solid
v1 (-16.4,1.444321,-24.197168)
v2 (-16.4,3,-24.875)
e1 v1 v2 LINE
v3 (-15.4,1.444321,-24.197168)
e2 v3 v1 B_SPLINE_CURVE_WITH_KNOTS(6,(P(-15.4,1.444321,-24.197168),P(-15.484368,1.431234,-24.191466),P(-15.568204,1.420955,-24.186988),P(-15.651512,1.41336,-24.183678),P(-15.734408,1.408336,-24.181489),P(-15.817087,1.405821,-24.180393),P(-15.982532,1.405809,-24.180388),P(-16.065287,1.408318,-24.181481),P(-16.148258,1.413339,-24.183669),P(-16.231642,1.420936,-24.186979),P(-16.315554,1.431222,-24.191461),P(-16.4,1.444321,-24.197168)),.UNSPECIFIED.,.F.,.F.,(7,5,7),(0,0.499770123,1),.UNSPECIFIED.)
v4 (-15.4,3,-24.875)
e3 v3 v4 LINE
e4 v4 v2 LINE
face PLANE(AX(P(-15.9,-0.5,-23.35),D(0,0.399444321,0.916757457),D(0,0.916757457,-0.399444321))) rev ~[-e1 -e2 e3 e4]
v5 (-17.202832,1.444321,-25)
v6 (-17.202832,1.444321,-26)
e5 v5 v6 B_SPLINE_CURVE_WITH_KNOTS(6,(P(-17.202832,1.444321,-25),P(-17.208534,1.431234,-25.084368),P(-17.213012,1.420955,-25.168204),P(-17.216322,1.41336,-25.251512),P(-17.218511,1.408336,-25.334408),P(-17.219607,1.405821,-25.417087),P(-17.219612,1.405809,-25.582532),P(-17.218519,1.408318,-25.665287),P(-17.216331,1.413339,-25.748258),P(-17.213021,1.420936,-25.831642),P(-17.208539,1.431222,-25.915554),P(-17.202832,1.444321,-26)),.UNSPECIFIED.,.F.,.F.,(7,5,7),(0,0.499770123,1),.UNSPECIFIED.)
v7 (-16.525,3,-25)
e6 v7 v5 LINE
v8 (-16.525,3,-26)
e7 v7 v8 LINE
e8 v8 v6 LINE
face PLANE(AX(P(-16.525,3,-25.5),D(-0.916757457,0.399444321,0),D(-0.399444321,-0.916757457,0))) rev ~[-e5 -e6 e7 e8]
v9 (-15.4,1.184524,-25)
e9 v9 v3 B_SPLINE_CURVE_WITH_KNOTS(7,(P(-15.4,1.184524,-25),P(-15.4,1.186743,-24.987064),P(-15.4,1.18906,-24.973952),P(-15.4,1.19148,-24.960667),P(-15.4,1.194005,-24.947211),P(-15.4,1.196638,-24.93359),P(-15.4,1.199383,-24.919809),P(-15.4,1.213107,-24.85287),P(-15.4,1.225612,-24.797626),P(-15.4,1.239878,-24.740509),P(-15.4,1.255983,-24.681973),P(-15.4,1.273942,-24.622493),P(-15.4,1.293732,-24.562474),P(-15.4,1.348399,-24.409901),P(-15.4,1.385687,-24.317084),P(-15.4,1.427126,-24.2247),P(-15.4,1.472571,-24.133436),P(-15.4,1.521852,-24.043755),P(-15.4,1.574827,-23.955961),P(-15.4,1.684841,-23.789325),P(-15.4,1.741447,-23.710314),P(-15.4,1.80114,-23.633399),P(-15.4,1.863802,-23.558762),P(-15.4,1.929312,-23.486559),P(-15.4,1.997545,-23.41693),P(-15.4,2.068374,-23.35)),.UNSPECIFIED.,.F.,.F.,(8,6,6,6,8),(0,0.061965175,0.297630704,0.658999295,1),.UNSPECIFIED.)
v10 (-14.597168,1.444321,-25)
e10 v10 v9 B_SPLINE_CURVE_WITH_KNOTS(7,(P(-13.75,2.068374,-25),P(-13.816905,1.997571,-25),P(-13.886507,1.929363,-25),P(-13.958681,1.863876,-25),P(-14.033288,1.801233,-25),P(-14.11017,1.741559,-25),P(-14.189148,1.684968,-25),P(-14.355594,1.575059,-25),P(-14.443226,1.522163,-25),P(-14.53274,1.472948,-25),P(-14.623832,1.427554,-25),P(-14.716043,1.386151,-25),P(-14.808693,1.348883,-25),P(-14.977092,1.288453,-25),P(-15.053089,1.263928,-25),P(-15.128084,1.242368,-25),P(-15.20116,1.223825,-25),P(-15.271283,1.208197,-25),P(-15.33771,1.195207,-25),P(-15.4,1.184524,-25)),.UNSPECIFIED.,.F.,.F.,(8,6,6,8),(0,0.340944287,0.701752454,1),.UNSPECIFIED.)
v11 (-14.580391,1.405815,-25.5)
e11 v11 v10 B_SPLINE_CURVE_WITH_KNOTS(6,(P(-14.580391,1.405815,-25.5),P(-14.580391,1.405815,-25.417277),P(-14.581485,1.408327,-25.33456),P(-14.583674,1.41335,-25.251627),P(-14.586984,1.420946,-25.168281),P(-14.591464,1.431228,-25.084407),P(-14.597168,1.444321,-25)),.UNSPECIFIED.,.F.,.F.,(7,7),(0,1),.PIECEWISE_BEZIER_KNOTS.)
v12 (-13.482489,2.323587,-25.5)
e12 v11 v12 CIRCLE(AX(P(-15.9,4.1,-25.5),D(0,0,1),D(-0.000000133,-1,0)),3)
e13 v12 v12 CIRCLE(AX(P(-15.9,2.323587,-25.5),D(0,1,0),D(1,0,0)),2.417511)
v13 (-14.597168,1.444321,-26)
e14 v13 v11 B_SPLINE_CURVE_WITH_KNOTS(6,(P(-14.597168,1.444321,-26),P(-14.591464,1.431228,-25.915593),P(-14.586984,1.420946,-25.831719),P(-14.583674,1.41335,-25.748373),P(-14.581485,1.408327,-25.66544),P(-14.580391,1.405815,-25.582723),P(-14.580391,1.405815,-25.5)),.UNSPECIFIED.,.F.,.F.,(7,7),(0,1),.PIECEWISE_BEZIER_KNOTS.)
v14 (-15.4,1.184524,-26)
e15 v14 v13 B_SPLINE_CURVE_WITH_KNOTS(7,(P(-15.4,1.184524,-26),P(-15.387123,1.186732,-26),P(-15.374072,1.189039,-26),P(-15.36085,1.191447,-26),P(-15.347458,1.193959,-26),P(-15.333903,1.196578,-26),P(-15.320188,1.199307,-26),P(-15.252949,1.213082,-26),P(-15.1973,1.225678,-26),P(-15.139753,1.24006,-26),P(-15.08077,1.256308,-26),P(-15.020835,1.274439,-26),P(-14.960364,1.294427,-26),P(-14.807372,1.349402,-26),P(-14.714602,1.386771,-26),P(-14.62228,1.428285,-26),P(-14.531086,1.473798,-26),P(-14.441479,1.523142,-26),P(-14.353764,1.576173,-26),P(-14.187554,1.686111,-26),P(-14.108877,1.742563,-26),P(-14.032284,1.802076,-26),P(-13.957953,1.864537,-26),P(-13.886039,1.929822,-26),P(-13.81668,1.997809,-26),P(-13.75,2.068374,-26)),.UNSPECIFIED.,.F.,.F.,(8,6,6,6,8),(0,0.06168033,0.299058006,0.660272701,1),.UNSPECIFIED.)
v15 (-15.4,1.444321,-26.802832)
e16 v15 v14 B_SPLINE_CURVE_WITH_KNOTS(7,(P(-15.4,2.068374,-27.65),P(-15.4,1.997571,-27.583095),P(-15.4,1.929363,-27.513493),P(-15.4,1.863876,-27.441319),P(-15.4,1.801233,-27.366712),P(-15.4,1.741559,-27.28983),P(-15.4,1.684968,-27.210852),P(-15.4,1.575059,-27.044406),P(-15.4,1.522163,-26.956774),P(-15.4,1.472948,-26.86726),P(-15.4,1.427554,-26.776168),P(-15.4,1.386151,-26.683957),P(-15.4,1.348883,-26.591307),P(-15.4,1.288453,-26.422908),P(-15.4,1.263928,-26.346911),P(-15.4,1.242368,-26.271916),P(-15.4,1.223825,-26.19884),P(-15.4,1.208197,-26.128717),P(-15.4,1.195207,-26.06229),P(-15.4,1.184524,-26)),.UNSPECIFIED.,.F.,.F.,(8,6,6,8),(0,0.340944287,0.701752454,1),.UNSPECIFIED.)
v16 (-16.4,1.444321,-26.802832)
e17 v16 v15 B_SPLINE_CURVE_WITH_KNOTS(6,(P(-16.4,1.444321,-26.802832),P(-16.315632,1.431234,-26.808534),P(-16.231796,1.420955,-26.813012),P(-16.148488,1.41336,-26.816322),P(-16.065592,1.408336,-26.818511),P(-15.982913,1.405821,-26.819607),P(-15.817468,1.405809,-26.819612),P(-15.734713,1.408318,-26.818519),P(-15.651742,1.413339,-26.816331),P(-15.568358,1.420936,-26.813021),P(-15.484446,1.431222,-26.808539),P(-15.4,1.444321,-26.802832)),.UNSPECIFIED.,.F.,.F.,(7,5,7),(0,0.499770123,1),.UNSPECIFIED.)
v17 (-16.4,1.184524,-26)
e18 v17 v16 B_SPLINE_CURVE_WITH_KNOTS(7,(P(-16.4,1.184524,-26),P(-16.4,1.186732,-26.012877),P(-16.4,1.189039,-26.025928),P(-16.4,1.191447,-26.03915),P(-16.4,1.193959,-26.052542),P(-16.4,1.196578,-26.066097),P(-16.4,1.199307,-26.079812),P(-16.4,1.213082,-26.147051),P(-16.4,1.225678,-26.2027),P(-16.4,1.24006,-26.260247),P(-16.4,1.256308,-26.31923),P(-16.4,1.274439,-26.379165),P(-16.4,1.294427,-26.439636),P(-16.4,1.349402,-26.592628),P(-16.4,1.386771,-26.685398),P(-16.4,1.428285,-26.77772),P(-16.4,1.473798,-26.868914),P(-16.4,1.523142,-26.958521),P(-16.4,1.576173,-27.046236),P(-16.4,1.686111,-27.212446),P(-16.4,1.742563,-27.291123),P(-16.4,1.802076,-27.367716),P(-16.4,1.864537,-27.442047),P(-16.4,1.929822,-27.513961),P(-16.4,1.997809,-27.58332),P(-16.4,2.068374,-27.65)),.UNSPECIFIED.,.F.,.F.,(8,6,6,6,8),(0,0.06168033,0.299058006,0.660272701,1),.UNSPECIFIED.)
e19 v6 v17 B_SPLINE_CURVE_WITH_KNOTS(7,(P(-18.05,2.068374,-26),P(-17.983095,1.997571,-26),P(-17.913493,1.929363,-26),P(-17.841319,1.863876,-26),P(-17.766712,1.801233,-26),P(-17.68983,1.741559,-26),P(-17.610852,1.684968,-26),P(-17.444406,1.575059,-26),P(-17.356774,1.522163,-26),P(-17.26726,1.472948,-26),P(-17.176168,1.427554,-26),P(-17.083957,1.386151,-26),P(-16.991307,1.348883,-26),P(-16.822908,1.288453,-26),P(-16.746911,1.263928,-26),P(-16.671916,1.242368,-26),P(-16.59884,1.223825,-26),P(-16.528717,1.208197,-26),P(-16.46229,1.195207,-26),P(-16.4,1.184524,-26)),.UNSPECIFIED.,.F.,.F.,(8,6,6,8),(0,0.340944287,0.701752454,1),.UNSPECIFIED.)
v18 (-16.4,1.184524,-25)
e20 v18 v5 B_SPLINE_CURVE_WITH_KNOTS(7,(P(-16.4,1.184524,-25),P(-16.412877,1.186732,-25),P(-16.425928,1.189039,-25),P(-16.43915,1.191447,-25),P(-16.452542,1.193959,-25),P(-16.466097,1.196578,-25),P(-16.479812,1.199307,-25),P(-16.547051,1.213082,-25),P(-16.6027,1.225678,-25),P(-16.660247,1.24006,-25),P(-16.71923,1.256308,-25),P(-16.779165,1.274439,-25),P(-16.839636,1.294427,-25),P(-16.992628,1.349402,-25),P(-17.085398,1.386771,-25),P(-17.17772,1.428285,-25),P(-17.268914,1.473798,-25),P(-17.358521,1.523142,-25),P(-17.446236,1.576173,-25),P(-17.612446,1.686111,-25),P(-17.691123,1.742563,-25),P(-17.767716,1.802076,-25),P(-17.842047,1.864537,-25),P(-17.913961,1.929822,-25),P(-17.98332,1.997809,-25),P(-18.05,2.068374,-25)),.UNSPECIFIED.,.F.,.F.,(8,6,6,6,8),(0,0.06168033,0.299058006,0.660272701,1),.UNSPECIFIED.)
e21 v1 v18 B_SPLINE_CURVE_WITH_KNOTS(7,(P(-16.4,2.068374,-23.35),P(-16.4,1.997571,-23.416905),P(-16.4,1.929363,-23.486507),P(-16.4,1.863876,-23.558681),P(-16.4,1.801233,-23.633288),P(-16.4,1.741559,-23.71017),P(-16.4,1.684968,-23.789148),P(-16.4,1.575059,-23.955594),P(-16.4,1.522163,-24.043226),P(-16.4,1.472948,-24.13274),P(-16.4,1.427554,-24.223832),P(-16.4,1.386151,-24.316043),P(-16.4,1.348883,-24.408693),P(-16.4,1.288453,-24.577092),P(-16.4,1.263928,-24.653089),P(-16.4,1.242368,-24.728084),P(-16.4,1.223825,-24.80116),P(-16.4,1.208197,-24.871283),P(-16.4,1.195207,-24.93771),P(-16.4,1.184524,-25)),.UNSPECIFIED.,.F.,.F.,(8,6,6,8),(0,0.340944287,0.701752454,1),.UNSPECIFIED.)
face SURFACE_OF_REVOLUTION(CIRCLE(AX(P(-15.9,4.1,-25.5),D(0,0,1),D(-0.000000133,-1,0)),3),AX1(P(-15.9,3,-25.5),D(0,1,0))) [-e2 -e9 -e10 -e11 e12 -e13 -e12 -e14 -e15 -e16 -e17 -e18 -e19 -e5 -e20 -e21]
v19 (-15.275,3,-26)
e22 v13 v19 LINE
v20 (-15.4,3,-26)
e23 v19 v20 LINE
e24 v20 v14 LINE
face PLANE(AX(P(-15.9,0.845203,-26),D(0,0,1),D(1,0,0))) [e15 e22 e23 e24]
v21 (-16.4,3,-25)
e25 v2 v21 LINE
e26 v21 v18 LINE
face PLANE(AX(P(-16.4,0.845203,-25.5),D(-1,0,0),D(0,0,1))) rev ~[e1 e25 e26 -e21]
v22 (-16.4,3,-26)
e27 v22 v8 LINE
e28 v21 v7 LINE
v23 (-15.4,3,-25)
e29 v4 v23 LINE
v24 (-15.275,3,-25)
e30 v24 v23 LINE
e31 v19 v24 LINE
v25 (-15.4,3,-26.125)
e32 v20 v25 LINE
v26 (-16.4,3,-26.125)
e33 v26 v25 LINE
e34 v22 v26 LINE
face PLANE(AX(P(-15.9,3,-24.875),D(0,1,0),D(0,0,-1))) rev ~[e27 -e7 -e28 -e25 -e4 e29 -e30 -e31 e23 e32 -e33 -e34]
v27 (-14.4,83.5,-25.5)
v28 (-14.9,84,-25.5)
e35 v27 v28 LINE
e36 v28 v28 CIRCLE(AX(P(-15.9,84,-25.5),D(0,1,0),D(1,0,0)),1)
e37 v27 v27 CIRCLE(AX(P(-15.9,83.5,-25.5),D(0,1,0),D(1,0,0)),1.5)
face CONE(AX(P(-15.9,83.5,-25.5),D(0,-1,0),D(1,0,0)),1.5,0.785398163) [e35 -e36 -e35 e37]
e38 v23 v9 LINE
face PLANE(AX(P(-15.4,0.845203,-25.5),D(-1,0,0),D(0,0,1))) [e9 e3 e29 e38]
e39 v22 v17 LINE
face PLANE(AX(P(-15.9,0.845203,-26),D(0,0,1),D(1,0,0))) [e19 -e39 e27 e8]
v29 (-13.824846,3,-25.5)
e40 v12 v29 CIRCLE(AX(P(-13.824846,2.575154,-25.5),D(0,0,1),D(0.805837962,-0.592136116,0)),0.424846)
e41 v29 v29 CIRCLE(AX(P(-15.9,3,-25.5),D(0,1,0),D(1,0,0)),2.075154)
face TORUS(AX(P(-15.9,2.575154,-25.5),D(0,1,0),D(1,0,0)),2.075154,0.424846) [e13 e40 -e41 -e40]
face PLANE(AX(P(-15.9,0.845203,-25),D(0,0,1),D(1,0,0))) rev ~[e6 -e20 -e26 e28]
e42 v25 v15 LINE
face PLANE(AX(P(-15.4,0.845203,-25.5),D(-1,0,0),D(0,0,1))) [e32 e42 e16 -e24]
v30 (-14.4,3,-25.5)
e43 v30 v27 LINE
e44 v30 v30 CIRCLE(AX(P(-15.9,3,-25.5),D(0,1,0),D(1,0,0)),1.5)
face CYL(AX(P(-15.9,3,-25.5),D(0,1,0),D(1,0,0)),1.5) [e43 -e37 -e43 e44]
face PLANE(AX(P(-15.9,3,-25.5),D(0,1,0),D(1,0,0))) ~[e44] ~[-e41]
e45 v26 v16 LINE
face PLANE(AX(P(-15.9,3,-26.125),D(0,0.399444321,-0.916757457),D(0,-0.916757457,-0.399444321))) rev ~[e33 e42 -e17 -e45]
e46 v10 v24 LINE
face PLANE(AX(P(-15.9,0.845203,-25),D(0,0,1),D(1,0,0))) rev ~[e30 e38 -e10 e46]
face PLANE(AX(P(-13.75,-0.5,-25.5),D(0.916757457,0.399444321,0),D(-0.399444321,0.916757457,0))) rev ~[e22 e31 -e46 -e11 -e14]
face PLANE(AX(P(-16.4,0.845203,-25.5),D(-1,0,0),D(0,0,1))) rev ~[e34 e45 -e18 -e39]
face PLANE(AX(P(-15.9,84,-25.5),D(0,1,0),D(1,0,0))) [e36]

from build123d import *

# Parameters (mm, degrees)
PAD009_DEPTH            = 0.5
BODY005_PLACEMENT_ANGLE = 90
PAD008_DEPTH            = 0.5


with BuildPart() as body005:
    # Sketch021 → Pad009 (new body, symmetric)
    with BuildSketch(Plane.XY):
        Polygon((-2.15, -3.5), (2.15, -3.5), (0.625, 0), (-0.625, 0), align=None)
    extrude(amount=PAD009_DEPTH, both=True)


with BuildPart() as body005_1:
    # Body005 placement: moved
    add(body005.part.rotate(Axis((0, 0, 0), (0, -1, 0)), BODY005_PLACEMENT_ANGLE))


with BuildPart() as fusion:
    # Sketch020 → Pad008 (new body, symmetric)
    with BuildSketch(Plane.XY):
        Polygon((-2.15, -3.5), (2.15, -3.5), (0.625, 0), (-0.625, 0), align=None)
    extrude(amount=PAD008_DEPTH, both=True)

    # Fusion: union Body005
    add(body005_1.part)


with BuildPart() as body007:
    # Sketch019 → Revolution (revolve)
    with BuildSketch(Plane.XY):
        with BuildLine():
            Line((1.5, 0), (1.5, 80.5))
            Line((1.5, 80.5), (1, 81))
            Line((1, 81), (0, 81))
            Line((0, 81), (0, -1.9))
            ThreePointArc((0, -1.9), (1.354762, -1.576681), (2.417511, -0.676413))
            ThreePointArc((2.417511, -0.676413), (2.454213, -0.232991), (2.075154, 0))
            Line((1.5, 0), (2.075154, 0))
        make_face()
    revolve(axis=Axis((0, 0, 0), (0, 1, 0)))

    # Cut: cut Fusion
    add(fusion.part, mode=Mode.SUBTRACT)


with BuildPart() as body007_1:
    # Cut placement: moved
    add(body007.part.moved(Location((-15.9, 3, 25.5))))


with BuildPart() as body007_2:
    # Clone001 placement: moved
    add(body007_1.part.moved(Location((15.9, 0, -25.5))))


with BuildPart() as body007_3:
    # Body007 placement: moved
    add(body007_2.part.moved(Location((-15.9, 0, -25.5))))


solid = body007_3.part
